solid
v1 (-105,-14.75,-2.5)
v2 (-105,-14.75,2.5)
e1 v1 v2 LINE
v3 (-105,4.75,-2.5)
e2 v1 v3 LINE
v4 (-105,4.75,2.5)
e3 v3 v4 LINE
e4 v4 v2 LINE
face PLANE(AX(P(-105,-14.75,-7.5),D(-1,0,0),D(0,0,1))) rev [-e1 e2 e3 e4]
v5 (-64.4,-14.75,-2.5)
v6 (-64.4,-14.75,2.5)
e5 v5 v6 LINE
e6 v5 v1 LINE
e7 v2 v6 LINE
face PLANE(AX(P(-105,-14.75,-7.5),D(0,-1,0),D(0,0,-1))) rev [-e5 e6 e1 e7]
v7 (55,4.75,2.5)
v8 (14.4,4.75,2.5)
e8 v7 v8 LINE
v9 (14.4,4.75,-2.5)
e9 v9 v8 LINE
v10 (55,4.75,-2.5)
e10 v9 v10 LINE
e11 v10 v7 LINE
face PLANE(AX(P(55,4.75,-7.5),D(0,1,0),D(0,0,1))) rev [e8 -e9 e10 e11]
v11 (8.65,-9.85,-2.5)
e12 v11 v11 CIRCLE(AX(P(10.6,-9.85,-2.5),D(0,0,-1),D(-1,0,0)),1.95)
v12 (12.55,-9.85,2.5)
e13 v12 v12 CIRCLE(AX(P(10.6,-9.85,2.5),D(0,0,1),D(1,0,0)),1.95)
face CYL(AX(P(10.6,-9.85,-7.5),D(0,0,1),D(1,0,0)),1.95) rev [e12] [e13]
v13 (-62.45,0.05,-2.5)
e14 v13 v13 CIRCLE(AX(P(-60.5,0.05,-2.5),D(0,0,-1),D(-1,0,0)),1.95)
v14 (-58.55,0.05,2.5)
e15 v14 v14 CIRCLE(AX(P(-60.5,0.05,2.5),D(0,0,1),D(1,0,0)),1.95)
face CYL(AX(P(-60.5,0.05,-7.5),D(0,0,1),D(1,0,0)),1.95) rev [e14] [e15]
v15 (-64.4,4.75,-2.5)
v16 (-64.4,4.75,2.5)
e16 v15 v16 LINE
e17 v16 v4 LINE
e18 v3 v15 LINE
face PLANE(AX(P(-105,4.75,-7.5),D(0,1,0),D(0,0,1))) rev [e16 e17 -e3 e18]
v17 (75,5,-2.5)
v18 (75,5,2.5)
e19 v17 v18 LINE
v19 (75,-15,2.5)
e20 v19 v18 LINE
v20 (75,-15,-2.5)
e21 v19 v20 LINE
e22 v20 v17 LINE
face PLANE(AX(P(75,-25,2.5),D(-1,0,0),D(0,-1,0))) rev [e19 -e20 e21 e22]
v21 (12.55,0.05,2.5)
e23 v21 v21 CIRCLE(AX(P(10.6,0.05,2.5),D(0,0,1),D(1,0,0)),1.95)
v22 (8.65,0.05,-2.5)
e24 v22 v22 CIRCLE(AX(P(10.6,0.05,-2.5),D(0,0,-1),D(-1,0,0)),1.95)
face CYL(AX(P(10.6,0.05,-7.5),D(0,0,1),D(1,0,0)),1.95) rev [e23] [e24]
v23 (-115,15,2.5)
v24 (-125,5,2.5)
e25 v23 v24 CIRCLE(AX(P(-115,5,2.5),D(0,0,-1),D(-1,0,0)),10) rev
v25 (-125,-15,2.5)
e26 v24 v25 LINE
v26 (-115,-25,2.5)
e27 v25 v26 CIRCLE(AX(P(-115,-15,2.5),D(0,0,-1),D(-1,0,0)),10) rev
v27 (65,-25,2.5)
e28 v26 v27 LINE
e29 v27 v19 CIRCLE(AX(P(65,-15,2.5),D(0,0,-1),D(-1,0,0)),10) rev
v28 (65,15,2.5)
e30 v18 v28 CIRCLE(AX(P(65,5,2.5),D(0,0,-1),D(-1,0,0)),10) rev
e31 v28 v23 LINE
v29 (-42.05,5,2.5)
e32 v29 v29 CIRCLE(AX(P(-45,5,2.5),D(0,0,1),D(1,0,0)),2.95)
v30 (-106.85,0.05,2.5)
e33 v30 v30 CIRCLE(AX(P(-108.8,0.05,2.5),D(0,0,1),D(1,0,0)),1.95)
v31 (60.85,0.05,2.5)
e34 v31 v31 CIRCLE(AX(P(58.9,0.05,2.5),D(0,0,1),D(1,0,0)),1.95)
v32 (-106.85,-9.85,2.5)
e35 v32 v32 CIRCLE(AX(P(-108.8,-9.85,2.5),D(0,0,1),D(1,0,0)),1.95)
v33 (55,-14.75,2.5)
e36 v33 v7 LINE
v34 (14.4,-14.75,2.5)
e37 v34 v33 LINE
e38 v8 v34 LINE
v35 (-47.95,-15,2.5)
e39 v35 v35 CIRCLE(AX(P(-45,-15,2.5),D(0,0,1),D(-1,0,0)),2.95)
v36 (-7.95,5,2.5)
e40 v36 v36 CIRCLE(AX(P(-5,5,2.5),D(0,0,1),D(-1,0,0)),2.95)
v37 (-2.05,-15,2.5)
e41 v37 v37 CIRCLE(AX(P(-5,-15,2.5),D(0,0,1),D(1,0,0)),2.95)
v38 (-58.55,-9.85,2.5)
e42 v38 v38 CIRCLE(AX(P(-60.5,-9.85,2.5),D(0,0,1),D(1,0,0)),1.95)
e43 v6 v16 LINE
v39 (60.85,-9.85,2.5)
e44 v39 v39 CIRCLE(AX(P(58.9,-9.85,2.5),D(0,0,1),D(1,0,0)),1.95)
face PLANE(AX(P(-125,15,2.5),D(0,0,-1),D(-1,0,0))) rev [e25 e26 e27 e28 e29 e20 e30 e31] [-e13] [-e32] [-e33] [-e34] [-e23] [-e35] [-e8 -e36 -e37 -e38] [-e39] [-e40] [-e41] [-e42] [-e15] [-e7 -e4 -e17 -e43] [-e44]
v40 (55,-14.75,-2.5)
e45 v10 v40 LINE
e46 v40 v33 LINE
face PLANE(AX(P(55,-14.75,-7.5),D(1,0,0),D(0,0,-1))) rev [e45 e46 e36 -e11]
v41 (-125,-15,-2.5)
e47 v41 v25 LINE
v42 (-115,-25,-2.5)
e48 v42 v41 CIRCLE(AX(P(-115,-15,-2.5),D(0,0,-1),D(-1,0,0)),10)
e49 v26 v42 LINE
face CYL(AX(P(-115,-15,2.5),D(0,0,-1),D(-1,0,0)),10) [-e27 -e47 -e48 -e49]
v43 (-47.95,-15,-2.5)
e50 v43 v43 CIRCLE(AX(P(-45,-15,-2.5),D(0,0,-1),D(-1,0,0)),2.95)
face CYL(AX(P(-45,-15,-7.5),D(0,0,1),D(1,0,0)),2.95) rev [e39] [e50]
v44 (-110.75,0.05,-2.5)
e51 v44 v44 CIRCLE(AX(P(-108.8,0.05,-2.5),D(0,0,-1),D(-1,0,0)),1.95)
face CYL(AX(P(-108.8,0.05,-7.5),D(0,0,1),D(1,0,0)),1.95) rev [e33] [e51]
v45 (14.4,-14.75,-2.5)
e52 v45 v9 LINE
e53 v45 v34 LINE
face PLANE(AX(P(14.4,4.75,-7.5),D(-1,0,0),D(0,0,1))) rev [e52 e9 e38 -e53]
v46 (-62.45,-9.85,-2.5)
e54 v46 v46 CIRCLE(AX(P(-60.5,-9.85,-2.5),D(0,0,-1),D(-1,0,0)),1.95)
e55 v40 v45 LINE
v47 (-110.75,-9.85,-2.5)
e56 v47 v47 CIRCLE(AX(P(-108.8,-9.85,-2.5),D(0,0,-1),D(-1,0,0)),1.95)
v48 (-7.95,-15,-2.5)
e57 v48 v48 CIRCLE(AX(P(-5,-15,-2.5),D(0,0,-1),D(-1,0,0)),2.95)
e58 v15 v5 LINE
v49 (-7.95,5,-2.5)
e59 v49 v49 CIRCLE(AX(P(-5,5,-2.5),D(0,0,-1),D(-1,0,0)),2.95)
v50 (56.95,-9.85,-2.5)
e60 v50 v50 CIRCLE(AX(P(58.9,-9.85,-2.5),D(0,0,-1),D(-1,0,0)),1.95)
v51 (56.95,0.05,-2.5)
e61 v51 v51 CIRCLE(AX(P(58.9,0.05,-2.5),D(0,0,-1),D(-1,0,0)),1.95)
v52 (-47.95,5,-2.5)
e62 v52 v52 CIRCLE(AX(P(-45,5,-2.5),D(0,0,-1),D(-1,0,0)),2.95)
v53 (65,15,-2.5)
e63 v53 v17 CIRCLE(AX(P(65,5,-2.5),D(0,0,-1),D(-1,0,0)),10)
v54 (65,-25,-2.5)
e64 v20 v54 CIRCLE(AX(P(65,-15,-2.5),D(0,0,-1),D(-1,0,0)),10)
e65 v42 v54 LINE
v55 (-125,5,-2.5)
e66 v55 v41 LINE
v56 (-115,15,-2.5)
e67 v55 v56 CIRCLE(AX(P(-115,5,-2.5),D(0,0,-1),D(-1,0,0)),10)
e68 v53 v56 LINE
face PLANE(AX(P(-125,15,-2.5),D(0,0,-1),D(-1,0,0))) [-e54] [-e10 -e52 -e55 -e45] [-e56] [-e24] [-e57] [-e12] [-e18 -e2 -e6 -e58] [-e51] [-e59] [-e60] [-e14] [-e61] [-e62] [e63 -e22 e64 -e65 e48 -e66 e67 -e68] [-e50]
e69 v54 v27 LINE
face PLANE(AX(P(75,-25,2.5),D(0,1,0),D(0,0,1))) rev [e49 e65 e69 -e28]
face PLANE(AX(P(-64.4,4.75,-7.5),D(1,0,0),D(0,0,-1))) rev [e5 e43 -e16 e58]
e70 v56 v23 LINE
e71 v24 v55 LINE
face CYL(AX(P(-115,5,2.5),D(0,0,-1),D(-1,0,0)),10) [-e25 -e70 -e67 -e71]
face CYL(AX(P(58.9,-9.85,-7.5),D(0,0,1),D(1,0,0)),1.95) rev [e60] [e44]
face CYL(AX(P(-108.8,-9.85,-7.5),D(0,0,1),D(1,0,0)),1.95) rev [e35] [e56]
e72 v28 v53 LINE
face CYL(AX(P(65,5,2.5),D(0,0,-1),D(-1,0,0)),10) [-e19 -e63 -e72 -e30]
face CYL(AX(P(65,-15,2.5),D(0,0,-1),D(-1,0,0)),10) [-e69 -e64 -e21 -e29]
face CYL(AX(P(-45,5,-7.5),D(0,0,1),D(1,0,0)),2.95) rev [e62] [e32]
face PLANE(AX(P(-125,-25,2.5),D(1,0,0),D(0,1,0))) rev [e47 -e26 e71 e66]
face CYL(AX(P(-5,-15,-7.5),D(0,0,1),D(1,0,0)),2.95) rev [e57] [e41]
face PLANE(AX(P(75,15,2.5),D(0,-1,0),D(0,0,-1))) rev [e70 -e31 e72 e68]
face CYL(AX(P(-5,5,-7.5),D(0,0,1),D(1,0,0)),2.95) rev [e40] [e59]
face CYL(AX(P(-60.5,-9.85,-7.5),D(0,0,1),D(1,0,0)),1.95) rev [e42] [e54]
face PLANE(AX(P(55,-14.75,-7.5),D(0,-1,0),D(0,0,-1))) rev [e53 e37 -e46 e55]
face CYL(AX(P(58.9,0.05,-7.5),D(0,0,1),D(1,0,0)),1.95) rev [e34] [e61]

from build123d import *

# Parameters (mm, degrees)
CROQUIS1_W            = 200
CROQUIS1_H            = 40
EXTRUIR1_DEPTH        = 2.5
REDONDEO1_R           = 10
CROQUIS3_W            = 40.6
CROQUIS3_H            = 19.5
EXTRUIR2_DEPTH        = 10
CROQUIS4_R            = 1.95
CORTAR_EXTRUIR1_DEPTH = 10
CROQUIS5_R            = 2.95
CORTAR_EXTRUIR3_DEPTH = 10


with BuildPart() as part:
    # Croquis1 → Extruir1 (new, symmetric)
    with BuildSketch(Plane.XY):
        with Locations((-25, -5)):
            Rectangle(CROQUIS1_W, CROQUIS1_H)
    extrude(amount=EXTRUIR1_DEPTH, both=True)

    # Redondeo1
    redondeo1_edges = [part.edges().sort_by_distance(p)[0] for p in [
        (75, 15, 0),
        (75, -25, 0),
        (-125, -25, 0),
        (-125, 15, 0),
    ]]
    fillet(redondeo1_edges, radius=REDONDEO1_R)

    # Croquis3 → Extruir2 (cut)
    with BuildSketch(Plane.XY.offset(2.5)):
        with Locations((34.7, -5)):
            Rectangle(CROQUIS3_W, CROQUIS3_H)
        with Locations((-84.7, -5)):
            Rectangle(CROQUIS3_W, CROQUIS3_H)
    extrude(amount=-EXTRUIR2_DEPTH, mode=Mode.SUBTRACT)

    # Croquis4 → Cortar-Extruir1 (cut)
    with BuildSketch(Plane.XY.offset(2.5)):
        with Locations((58.9, -9.85)):
            Circle(CROQUIS4_R)
        with Locations((58.9, 0.05)):
            Circle(CROQUIS4_R)
        with Locations((10.6, 0.05)):
            Circle(CROQUIS4_R)
        with Locations((10.6, -9.85)):
            Circle(CROQUIS4_R)
        with Locations((-108.8, -9.85)):
            Circle(CROQUIS4_R)
        with Locations((-108.8, 0.05)):
            Circle(CROQUIS4_R)
        with Locations((-60.5, 0.05)):
            Circle(CROQUIS4_R)
        with Locations((-60.5, -9.85)):
            Circle(CROQUIS4_R)
    extrude(amount=-CORTAR_EXTRUIR1_DEPTH, mode=Mode.SUBTRACT)

    # Croquis5 → Cortar-Extruir3 (cut)
    with BuildSketch(Plane.XY.offset(2.5)):
        with Locations((-45, 5)):
            Circle(CROQUIS5_R)
        with Locations(Location((-45, -15, 0), (0, 0, 180))):
            Circle(CROQUIS5_R)
        with Locations((-5, -15)):
            Circle(CROQUIS5_R)
        with Locations(Location((-5, 5, 0), (0, 0, 180))):
            Circle(CROQUIS5_R)
    extrude(amount=-CORTAR_EXTRUIR3_DEPTH, mode=Mode.SUBTRACT)


solid = part.part
